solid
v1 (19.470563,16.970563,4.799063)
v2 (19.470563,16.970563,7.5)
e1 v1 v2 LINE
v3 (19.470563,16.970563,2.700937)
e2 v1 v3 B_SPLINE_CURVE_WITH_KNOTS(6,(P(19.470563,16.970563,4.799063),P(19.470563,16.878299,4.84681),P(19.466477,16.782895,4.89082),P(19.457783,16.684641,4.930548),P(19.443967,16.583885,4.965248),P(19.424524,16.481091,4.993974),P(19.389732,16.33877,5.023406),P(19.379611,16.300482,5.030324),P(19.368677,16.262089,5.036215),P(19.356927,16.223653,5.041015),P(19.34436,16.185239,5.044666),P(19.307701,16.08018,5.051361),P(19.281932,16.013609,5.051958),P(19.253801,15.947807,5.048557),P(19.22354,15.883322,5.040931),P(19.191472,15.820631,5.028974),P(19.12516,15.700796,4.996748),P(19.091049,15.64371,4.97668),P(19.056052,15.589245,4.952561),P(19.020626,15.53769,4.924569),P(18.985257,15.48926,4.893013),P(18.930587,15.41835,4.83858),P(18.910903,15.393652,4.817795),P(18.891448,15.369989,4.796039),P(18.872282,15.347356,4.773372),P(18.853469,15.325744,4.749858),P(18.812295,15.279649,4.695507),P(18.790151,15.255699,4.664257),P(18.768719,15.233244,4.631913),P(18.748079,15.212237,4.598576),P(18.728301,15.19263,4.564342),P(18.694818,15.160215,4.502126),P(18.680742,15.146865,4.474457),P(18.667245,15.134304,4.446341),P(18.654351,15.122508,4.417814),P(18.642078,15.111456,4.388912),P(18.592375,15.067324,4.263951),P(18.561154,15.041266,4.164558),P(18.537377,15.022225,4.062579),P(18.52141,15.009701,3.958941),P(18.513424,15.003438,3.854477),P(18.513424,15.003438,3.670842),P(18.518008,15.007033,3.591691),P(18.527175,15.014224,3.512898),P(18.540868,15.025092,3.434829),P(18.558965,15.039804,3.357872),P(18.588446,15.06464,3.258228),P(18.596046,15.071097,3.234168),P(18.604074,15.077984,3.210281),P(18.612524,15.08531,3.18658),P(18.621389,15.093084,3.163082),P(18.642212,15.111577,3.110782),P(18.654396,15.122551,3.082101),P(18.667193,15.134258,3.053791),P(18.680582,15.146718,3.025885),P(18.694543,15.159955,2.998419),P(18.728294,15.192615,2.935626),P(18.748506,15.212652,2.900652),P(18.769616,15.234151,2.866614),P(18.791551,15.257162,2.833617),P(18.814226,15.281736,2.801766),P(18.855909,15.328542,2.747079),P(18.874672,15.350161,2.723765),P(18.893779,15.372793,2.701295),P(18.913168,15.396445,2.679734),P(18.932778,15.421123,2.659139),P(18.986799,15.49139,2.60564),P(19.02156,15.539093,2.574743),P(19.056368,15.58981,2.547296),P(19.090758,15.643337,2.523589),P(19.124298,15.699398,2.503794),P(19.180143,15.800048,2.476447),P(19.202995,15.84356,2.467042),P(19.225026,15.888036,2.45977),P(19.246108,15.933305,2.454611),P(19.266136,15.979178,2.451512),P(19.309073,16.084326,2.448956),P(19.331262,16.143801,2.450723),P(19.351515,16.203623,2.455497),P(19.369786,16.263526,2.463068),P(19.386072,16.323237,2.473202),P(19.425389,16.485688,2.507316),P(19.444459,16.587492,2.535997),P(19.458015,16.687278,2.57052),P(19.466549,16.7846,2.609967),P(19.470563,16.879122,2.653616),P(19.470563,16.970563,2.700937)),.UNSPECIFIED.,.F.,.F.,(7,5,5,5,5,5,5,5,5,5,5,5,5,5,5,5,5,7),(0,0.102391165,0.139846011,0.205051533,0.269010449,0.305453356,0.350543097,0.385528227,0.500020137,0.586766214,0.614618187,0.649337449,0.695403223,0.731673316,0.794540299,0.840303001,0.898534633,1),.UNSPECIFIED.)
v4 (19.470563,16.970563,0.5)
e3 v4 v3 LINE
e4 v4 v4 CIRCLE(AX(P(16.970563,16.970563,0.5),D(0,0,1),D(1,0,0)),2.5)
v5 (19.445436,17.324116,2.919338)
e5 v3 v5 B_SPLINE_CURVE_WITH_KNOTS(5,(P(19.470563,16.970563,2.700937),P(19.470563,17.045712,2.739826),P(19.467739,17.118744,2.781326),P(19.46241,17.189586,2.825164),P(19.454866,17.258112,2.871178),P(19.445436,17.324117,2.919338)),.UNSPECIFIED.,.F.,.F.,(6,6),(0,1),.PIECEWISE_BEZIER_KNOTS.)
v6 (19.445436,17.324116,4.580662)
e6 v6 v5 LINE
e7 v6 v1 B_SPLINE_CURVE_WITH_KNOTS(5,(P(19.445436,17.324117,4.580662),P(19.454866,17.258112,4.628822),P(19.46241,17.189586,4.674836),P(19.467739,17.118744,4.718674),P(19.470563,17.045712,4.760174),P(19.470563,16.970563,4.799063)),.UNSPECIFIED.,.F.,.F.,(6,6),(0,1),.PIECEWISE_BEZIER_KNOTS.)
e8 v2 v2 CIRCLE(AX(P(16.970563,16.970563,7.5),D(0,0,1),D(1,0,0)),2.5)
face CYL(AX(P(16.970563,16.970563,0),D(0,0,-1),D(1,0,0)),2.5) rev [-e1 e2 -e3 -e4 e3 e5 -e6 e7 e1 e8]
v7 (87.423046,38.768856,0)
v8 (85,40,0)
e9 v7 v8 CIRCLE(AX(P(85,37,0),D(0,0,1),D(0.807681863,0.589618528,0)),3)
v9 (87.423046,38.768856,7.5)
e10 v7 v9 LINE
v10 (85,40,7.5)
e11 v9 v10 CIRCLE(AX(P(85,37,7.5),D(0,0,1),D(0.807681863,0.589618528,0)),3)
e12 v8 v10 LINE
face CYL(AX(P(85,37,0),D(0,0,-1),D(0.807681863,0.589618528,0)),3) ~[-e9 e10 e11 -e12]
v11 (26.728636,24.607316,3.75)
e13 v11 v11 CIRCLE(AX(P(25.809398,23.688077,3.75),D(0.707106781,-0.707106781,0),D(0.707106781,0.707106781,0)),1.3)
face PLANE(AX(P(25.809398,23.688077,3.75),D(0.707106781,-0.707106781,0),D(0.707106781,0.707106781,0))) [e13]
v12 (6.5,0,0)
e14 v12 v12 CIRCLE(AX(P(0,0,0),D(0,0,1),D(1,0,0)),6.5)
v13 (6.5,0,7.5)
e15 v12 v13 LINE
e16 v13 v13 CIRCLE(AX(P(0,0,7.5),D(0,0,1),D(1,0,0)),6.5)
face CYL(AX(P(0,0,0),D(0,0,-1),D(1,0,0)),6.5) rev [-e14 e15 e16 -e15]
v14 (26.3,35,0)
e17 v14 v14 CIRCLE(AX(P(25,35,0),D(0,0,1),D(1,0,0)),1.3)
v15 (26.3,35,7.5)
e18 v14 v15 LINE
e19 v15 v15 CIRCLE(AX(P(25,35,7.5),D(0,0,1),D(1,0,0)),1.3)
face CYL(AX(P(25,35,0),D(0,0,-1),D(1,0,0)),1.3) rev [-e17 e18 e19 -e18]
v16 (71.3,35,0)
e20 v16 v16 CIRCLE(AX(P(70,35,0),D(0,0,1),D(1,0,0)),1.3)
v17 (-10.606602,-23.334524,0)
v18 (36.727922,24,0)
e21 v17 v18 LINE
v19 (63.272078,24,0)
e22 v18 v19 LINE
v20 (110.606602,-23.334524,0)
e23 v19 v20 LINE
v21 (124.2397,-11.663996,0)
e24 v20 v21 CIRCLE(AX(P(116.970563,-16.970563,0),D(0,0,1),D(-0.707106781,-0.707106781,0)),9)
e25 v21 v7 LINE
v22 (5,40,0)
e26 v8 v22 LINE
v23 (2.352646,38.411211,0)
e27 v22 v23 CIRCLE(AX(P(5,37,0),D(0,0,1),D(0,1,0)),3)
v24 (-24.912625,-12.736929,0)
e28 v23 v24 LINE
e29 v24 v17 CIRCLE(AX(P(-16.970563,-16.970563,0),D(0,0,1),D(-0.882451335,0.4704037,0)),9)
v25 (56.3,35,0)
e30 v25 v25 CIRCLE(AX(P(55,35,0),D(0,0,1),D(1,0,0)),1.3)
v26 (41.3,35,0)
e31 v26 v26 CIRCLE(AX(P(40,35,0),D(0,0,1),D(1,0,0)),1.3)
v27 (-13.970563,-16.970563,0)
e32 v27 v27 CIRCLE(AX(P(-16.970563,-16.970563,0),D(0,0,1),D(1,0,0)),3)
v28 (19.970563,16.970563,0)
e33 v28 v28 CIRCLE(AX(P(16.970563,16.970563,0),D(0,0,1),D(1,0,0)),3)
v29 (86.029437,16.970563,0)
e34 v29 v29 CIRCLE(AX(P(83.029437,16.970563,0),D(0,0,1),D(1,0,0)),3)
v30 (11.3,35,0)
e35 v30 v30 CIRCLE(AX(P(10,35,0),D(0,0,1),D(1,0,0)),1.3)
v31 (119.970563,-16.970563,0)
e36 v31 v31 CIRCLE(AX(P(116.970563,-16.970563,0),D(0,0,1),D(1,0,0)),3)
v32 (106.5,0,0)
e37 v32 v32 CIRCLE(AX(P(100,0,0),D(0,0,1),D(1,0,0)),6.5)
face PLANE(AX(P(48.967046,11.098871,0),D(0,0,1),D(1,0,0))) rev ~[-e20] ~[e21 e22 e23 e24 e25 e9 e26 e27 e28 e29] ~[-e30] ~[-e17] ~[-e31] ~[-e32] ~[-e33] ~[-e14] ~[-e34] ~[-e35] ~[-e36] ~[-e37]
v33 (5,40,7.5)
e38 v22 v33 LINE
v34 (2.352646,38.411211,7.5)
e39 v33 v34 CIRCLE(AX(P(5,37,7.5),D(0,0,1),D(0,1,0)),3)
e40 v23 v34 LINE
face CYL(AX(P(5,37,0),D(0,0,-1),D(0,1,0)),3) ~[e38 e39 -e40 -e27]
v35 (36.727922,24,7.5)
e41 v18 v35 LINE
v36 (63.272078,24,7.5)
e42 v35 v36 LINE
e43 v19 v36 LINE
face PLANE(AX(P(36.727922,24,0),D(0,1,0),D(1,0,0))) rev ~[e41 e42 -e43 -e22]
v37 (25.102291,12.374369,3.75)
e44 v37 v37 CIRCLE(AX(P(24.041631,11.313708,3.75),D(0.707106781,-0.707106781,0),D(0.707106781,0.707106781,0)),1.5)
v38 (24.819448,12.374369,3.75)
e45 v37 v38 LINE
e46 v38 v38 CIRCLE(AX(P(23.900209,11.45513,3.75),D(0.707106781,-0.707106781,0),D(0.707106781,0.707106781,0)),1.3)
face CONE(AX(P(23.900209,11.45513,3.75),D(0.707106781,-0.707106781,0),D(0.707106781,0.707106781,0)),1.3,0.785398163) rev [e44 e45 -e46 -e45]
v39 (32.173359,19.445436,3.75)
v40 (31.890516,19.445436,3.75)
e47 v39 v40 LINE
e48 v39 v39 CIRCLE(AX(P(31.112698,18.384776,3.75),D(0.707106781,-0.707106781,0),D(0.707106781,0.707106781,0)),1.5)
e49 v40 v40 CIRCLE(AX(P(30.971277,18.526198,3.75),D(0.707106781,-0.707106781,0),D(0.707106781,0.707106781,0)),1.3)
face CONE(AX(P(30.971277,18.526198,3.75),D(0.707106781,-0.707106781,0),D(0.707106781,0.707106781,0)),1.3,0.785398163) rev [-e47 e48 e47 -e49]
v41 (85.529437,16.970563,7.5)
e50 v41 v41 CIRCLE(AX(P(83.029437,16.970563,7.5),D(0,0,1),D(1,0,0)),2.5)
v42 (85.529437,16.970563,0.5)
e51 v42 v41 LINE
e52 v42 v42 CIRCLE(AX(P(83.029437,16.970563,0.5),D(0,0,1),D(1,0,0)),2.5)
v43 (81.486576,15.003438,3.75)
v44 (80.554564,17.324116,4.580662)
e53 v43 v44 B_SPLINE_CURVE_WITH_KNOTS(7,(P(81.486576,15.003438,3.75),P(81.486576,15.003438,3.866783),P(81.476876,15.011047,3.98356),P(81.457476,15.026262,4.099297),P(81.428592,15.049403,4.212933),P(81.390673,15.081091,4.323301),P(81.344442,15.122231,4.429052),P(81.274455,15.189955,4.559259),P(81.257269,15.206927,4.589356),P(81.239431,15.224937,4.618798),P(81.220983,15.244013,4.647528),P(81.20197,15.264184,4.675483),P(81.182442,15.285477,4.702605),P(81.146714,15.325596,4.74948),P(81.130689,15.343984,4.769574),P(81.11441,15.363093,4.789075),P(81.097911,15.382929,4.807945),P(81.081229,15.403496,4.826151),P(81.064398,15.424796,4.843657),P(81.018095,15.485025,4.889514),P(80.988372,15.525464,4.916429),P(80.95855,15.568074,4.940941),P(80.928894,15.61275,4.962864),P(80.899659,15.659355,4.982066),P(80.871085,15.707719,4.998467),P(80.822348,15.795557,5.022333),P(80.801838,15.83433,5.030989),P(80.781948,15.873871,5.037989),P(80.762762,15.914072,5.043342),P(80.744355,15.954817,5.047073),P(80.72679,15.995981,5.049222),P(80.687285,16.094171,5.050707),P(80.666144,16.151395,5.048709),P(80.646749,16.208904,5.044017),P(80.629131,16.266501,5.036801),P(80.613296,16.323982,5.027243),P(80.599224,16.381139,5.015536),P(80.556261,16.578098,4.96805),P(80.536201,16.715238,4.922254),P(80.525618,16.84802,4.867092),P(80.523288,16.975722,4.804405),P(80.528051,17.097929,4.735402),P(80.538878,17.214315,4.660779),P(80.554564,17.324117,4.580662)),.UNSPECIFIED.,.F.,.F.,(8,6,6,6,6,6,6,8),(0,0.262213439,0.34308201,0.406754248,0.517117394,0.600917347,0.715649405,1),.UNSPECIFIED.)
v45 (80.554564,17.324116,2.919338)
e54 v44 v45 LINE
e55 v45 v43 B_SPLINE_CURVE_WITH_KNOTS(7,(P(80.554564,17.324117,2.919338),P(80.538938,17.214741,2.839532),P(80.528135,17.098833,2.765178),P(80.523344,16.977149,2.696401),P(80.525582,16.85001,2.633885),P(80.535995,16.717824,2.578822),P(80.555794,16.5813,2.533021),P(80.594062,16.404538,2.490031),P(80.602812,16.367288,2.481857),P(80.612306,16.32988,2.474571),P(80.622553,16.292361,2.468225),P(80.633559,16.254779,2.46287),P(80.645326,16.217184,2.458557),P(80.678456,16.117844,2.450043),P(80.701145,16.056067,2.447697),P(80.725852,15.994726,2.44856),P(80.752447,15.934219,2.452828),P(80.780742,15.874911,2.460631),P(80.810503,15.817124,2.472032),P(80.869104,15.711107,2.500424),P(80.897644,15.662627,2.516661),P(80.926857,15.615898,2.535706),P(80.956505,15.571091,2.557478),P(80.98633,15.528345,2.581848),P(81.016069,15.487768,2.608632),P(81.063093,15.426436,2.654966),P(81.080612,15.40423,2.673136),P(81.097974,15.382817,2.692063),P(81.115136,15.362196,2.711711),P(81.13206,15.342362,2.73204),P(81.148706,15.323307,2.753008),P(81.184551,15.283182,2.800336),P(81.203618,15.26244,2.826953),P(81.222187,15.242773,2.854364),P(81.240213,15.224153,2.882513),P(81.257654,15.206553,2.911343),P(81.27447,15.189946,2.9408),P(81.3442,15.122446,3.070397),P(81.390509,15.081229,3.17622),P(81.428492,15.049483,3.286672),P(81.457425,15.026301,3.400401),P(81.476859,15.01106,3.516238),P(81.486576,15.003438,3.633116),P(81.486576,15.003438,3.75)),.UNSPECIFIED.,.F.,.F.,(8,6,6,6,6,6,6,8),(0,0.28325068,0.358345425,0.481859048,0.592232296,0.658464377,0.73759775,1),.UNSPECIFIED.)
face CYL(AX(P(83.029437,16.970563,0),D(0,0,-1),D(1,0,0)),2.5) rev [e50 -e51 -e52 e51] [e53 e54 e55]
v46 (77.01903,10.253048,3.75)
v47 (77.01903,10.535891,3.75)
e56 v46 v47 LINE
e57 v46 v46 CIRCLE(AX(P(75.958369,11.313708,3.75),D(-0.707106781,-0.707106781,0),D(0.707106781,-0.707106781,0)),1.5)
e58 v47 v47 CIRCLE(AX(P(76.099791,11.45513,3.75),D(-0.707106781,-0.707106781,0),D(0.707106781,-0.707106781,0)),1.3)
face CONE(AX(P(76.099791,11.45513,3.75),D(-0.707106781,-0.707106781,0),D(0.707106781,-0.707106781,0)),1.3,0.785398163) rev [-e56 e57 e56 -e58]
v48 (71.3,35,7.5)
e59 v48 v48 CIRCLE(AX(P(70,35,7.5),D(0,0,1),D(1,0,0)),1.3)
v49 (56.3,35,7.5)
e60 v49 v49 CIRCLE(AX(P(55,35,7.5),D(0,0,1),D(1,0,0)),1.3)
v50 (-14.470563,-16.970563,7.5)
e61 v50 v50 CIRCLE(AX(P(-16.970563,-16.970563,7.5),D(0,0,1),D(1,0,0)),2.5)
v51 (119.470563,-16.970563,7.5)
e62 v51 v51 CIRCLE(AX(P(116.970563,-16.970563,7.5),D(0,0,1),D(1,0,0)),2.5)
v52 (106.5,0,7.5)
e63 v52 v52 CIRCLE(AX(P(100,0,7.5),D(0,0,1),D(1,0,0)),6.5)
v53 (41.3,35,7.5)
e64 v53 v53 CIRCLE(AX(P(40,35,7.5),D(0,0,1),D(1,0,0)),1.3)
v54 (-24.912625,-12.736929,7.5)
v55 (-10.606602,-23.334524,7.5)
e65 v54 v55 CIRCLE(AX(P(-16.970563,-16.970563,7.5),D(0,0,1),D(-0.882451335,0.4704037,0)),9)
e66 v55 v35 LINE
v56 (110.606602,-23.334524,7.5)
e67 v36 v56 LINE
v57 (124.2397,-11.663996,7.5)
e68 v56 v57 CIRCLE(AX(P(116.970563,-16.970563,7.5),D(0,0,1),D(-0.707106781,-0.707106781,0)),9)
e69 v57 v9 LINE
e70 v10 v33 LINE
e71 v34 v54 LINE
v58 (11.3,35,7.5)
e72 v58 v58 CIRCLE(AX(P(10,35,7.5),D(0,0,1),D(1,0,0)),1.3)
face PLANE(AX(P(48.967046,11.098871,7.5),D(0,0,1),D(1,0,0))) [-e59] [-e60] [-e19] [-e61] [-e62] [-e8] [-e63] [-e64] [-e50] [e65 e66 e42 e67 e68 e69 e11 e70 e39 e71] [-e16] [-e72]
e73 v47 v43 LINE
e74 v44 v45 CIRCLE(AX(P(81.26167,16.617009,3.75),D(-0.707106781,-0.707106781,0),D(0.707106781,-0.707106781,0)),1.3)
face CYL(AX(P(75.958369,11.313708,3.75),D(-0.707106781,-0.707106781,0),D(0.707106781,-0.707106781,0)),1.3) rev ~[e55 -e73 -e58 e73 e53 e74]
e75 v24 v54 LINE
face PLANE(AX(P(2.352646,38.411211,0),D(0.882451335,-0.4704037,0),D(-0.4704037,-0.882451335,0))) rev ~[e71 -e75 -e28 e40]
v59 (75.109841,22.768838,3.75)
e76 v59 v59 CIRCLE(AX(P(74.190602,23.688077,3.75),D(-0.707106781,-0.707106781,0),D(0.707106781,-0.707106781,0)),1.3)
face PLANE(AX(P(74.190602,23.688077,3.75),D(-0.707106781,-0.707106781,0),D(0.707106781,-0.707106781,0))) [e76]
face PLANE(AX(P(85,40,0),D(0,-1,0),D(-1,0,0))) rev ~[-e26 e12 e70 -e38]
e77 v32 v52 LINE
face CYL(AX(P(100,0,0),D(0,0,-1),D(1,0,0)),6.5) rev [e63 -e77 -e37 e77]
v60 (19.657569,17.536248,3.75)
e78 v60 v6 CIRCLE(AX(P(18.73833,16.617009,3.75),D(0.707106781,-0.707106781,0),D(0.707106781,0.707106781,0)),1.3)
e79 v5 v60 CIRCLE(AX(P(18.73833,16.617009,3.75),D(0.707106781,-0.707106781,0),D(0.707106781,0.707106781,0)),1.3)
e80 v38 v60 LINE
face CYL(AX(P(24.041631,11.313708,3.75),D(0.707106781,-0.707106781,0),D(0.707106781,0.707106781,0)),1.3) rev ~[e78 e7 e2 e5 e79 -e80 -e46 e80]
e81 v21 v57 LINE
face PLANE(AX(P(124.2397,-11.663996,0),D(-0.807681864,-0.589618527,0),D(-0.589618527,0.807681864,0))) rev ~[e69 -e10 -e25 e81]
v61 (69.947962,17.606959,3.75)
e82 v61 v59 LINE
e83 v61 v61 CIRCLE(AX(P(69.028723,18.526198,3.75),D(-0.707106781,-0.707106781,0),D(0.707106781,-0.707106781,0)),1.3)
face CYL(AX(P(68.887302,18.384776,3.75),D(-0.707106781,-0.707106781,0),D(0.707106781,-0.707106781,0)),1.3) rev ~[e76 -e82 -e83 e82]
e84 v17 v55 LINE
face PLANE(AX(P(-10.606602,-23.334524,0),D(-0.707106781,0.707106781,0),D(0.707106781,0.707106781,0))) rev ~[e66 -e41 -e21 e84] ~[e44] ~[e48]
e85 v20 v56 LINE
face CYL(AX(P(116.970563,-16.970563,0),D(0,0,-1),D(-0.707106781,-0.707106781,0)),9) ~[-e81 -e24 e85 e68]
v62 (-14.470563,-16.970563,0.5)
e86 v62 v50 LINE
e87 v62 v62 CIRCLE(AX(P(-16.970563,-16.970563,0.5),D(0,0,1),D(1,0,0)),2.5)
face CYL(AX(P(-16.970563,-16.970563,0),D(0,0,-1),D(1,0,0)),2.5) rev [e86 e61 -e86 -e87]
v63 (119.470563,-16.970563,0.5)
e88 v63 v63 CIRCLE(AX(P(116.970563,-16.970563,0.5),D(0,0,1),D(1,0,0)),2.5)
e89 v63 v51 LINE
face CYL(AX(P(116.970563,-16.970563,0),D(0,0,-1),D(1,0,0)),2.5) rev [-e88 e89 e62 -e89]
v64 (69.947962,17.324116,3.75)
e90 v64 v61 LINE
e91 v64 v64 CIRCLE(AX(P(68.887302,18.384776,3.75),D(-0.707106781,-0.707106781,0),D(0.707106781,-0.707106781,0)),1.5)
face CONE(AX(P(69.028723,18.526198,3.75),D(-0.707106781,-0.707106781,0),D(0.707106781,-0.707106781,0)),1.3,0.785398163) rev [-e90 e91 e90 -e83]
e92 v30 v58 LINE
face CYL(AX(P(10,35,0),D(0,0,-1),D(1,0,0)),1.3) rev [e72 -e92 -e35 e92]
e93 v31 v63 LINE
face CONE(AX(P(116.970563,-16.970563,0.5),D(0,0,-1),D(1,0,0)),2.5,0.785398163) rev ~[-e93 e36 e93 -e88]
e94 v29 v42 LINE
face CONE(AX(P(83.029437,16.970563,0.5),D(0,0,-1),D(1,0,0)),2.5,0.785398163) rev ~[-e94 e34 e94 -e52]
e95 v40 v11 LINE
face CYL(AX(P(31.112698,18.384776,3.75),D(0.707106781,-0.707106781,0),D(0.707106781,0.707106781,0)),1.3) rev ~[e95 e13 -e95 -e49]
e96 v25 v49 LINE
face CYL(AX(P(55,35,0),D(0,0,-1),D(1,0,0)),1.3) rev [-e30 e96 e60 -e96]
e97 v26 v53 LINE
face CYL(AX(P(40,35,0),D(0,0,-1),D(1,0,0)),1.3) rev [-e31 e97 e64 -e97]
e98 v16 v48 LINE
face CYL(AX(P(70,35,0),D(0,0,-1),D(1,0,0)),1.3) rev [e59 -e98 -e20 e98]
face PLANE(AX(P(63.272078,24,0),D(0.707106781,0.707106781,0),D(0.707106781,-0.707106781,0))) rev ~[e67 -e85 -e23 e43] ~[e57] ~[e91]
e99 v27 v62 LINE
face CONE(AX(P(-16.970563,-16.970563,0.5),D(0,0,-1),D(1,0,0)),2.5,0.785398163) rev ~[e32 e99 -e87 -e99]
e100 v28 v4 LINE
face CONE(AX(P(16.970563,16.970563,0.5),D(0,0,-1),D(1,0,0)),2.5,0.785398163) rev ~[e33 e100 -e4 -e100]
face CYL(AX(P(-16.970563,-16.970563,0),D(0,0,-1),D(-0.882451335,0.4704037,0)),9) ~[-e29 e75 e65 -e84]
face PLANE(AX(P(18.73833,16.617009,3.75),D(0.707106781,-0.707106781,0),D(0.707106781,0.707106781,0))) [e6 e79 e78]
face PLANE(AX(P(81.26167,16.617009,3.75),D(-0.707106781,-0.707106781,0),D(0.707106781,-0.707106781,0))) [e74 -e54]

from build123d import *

# Parameters (mm, degrees)
SKETCH_2_R          = 6.5
SKETCH_2_R_2        = 1.3
SKETCH_2_R_3        = 2.5
EXTRUDE_1_DEPTH     = 7.5
SKETCH_10_R         = 1.3
CUT_EXTRUDE_2_DEPTH = 7.5
SKETCH_4_R          = 1.3
CUT_EXTRUDE_4_DEPTH = 7.5
CHAMFER_2_SIZE      = 0.2
CHAMFER_3_SIZE      = 0.2
CHAMFER_4_SIZE      = 0.5


with BuildPart() as part:
    # 草圖2 → 填料-伸長1 (new body)
    with BuildSketch(Plane.XY):
        with BuildLine():
            Line((40, 40), (5, 40))
            ThreePointArc((5, 40), (3.456243754, 39.57231737), (2.352645995, 38.411211101))
            Line((2.352645995, 38.411211101), (-24.912624764, -12.736929445))
            ThreePointArc((-24.912624764, -12.736929445), (-22.327787039, -24.202446867), (-10.606601718, -23.334523779))
            Line((-10.606601718, -23.334523779), (36.727922061, 24))
            Line((36.727922061, 24), (63.272077939, 24))
            Line((63.272077939, 24), (110.606601718, -23.334523779))
            ThreePointArc((110.606601718, -23.334523779), (122.823351862, -23.807584), (124.239699521, -11.663996007))
            Line((124.239699521, -11.663996007), (87.423045591, 38.768855581))
            ThreePointArc((87.423045591, 38.768855581), (86.358939524, 39.674562276), (85, 40))
            Line((85, 40), (40, 40))
        make_face()
        Circle(SKETCH_2_R, mode=Mode.SUBTRACT)
        with Locations((100, 0)):
            Circle(SKETCH_2_R, mode=Mode.SUBTRACT)
        with Locations((25, 35)):
            Circle(SKETCH_2_R_2, mode=Mode.SUBTRACT)
        with Locations((70, 35)):
            Circle(SKETCH_2_R_2, mode=Mode.SUBTRACT)
        with Locations((40, 35)):
            Circle(SKETCH_2_R_2, mode=Mode.SUBTRACT)
        with Locations((55, 35)):
            Circle(SKETCH_2_R_2, mode=Mode.SUBTRACT)
        with Locations((10, 35)):
            Circle(SKETCH_2_R_2, mode=Mode.SUBTRACT)
        with Locations((16.970562748, 16.970562748)):
            Circle(SKETCH_2_R_3, mode=Mode.SUBTRACT)
        with Locations((83.029437252, 16.970562748)):
            Circle(SKETCH_2_R_3, mode=Mode.SUBTRACT)
        with Locations((-16.970562748, -16.970562748)):
            Circle(SKETCH_2_R_3, mode=Mode.SUBTRACT)
        with Locations((116.970562748, -16.970562748)):
            Circle(SKETCH_2_R_3, mode=Mode.SUBTRACT)
    extrude(amount=EXTRUDE_1_DEPTH)

    # 草圖10 → 除料-伸長2 (cut)
    with BuildSketch(Plane(origin=(43.636038969, 43.636038969, 0), x_dir=(-0.70710678118655, 0.7071067811865451, 0), z_dir=(-0.7071067811865451, -0.70710678118655, 0))):
        with Locations(Location((-45.710678119, -3.75, 0), (0, 0, 180))):
            Circle(SKETCH_10_R)
        with Locations(Location((-35.710678119, -3.75, 0), (0, 0, 180))):
            Circle(SKETCH_10_R)
    extrude(amount=-CUT_EXTRUDE_2_DEPTH, mode=Mode.SUBTRACT)

    # 草圖4 → 除料-伸長4 (cut)
    with BuildSketch(Plane(origin=(6.363961031, -6.363961031, 0), x_dir=(-0.7071067811865464, -0.7071067811865488, 0), z_dir=(0.7071067811865488, -0.7071067811865464, 0))):
        with Locations(Location((-25, -3.75, 0), (0, 0, 180))):
            Circle(SKETCH_4_R)
        with Locations(Location((-35, -3.75, 0), (0, 0, 180))):
            Circle(SKETCH_4_R)
    extrude(amount=-CUT_EXTRUDE_4_DEPTH, mode=Mode.SUBTRACT)

    # 導角2
    chamfer_2_edges = [part.edges().sort_by_distance(p)[0] for p in [
        (67.968062812, 19.304015126, 3.75),
        (75.039130624, 12.232947315, 3.75),
    ]]
    chamfer(chamfer_2_edges, length=CHAMFER_2_SIZE)

    # 導角3
    chamfer_3_edges = [part.edges().sort_by_distance(p)[0] for p in [
        (23.122391745, 10.394469683, 3.75),
        (30.193459557, 17.465537495, 3.75),
    ]]
    chamfer(chamfer_3_edges, length=CHAMFER_3_SIZE)

    # 導角4
    chamfer_4_edges = [part.edges().sort_by_distance(p)[0] for p in [
        (14.470562748, 16.970562748, 0),
        (80.529437252, 16.970562748, 0),
        (114.470562748, -16.970562748, 0),
        (-19.470562748, -16.970562748, 0),
    ]]
    chamfer(chamfer_4_edges, length=CHAMFER_4_SIZE)


solid = part.part
